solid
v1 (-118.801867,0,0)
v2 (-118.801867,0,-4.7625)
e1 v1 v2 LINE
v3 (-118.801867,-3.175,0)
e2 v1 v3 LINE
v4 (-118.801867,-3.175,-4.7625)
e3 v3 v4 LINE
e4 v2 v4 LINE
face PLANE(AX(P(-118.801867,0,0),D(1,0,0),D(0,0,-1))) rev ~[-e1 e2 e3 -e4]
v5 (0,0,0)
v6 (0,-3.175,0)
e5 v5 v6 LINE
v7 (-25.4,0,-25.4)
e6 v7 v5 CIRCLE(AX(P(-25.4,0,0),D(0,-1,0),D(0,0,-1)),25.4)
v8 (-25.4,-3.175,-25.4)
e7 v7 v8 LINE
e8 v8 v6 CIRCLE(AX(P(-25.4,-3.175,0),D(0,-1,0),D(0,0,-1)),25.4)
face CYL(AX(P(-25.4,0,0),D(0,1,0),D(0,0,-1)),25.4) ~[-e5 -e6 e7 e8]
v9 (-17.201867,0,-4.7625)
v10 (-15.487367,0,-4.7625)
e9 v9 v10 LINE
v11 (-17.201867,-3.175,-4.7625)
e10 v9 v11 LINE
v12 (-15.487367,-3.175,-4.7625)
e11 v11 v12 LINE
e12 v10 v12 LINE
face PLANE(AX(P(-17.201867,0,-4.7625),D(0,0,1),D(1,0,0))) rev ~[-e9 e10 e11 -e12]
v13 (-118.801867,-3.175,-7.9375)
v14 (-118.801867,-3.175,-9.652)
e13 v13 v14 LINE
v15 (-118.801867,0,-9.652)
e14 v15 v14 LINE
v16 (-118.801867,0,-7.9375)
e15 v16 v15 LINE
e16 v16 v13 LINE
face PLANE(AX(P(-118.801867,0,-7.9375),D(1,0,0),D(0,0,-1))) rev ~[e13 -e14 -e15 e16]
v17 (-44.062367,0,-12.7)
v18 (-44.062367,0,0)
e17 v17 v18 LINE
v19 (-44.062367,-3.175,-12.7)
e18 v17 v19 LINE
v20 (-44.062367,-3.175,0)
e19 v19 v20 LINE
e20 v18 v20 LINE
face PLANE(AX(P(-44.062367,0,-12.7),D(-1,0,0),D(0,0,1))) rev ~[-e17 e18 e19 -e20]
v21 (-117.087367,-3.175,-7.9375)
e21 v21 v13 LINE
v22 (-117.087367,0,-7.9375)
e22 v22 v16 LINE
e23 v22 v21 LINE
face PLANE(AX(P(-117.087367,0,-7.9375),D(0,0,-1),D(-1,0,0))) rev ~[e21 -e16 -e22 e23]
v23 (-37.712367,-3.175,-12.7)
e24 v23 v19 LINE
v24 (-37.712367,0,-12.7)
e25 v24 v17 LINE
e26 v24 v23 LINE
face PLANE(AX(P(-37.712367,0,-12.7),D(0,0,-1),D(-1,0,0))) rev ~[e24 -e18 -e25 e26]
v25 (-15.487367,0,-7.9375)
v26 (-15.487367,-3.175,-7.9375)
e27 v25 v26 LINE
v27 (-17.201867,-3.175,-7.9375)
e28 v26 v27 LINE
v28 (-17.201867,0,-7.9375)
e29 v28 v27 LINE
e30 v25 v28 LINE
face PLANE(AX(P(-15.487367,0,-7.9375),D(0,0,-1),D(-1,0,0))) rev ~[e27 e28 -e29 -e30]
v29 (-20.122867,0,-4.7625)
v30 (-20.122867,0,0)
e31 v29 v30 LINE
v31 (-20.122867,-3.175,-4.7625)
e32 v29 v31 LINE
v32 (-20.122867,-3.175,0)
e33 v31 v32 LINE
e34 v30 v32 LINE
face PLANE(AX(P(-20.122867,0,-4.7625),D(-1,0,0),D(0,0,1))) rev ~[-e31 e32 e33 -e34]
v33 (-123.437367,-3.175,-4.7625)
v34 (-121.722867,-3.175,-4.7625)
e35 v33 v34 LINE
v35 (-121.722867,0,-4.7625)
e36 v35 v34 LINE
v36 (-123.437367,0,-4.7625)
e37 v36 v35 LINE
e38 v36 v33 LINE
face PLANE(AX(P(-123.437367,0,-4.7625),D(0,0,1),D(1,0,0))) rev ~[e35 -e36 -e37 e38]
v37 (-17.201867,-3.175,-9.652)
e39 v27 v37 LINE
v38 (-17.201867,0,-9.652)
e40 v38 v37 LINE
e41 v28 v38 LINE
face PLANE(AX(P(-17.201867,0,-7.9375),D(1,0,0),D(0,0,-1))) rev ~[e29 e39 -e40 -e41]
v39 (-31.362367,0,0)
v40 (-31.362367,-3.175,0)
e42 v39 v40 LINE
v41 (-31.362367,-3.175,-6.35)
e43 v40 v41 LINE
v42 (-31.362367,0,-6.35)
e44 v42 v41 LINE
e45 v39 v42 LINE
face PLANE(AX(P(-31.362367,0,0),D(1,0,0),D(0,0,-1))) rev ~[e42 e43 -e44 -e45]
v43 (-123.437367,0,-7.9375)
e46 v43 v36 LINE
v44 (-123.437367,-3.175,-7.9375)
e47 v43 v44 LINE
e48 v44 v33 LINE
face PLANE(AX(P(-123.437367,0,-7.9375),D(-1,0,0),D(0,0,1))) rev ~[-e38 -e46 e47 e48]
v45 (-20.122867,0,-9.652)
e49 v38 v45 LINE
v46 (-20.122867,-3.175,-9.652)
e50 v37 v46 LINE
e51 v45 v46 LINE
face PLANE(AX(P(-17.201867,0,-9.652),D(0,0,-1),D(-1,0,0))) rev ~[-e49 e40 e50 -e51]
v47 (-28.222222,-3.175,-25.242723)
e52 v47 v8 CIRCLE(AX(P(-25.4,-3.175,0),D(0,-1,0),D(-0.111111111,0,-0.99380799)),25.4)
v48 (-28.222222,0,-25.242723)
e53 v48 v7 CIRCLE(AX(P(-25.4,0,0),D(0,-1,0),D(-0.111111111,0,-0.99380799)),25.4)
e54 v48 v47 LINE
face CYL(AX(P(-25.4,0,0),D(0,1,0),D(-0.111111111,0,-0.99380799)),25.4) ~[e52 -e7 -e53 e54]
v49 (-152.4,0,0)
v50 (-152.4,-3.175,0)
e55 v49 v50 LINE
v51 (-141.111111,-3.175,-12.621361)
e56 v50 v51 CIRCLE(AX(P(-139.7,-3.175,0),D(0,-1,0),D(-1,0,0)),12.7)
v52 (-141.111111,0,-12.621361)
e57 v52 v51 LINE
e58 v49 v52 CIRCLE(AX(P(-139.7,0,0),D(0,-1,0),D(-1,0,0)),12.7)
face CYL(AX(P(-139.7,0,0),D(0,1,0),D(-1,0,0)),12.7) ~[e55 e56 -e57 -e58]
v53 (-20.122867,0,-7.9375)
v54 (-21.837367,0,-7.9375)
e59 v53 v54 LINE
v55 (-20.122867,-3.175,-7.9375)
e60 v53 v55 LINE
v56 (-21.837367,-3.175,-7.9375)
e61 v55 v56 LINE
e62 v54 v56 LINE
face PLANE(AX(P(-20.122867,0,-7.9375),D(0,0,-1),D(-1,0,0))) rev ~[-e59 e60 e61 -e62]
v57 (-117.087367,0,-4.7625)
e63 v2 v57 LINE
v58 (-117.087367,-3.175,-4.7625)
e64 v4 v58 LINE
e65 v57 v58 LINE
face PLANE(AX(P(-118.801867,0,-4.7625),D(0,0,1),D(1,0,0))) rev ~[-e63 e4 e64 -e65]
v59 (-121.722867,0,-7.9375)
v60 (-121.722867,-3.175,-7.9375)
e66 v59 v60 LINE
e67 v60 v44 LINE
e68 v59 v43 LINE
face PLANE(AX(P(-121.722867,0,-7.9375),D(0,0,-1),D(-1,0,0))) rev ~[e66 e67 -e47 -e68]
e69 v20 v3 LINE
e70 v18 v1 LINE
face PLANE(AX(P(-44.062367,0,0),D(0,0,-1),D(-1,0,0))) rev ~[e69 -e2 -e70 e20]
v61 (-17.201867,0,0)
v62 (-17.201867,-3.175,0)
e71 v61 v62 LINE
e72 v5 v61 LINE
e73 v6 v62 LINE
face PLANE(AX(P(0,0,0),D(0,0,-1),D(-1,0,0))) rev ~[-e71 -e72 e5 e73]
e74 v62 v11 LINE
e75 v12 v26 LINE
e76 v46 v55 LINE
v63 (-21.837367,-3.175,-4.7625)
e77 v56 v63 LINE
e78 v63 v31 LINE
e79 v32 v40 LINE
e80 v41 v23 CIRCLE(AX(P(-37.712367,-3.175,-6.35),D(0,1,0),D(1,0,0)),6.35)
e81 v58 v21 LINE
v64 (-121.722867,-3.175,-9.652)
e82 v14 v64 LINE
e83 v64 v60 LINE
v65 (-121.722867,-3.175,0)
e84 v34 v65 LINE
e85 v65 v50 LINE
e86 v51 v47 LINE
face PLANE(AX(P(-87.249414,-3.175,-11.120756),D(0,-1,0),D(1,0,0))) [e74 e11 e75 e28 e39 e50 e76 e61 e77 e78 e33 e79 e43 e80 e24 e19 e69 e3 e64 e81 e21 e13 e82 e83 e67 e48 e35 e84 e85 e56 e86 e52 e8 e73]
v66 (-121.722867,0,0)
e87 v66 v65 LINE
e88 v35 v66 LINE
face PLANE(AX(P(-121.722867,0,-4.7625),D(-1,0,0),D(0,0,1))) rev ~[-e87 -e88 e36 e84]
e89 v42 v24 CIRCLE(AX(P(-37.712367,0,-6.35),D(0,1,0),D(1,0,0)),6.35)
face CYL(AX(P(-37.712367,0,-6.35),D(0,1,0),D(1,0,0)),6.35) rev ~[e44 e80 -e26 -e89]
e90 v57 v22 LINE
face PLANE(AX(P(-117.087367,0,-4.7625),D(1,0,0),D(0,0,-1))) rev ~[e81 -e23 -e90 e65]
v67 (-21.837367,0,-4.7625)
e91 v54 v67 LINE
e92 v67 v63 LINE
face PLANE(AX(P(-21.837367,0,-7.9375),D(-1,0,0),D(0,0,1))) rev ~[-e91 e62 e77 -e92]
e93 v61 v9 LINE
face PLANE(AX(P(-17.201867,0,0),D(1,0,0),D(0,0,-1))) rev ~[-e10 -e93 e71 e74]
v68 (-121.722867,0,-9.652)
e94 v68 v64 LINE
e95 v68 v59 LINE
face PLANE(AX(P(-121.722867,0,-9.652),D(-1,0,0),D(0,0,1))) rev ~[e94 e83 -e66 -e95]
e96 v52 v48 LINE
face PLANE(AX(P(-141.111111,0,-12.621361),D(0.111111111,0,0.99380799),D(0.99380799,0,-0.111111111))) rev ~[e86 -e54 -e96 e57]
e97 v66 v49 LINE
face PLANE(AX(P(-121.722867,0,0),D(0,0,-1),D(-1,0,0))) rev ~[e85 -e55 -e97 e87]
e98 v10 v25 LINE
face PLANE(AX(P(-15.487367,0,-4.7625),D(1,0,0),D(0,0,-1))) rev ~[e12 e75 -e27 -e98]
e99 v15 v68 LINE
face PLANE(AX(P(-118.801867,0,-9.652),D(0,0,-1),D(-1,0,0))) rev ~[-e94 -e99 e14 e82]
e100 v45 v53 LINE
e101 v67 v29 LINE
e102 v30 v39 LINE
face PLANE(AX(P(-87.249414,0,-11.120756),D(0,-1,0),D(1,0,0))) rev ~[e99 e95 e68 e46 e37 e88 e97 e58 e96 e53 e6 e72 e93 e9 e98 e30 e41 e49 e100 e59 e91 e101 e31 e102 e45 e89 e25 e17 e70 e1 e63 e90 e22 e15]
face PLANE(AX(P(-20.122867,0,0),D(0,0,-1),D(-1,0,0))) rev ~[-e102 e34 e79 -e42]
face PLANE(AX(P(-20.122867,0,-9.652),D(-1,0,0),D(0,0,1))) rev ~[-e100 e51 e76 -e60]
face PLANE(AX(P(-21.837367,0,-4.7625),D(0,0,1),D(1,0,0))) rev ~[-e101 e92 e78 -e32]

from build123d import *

# Parameters (mm, degrees)
F0_W     = 6.35
F0_H     = 3.175
F1_DEPTH = 3.175


with BuildPart() as f1:
    # F0 (on Front) → F1 (new body)
    with BuildSketch(Plane.XZ):
        with BuildLine():
            ThreePointArc((-28.2222222222, -25.242722946), (-44.3320422095, -16.9333333333), (-50.8, 0))
            Line((-50.8, 0), (-118.8018673797, 0))
            Line((-118.8018673797, 0), (-118.8018673797, -4.7625))
            Line((-118.8018673797, -4.7625), (-117.0873673797, -4.7625))
            Line((-117.0873673797, -4.7625), (-117.0873673797, -7.9375))
            Line((-117.0873673797, -7.9375), (-118.8018673797, -7.9375))
            Line((-118.8018673797, -7.9375), (-118.8018673797, -9.652))
            Line((-118.8018673797, -9.652), (-121.7228673797, -9.652))
            Line((-121.7228673797, -9.652), (-121.7228673797, -7.9375))
            Line((-121.7228673797, -7.9375), (-123.4373673797, -7.9375))
            Line((-123.4373673797, -7.9375), (-123.4373673797, -4.7625))
            Line((-123.4373673797, -4.7625), (-121.7228673797, -4.7625))
            Line((-121.7228673797, -4.7625), (-121.7228673797, 0))
            Line((-121.7228673797, 0), (-127, 0))
            ThreePointArc((-127, 0), (-131.2333333333, -9.4660211047), (-141.1111111111, -12.621361473))
            Line((-141.1111111111, -12.621361473), (-28.2222222222, -25.242722946))
        make_face()
        with Locations((-87.5789447389, -6.35)):
            Rectangle(F0_W, F0_H, mode=Mode.SUBTRACT)
        with Locations((-87.5789447389, -6.35)):
            Rectangle(F0_W, F0_H)
        with BuildLine():
            ThreePointArc((-28.2222222222, -25.242722946), (-26.8133006, -25.3606502561), (-25.4, -25.4))
            Line((-25.4, -25.4), (-25.4, 0))
            Line((-25.4, 0), (-31.3623673797, 0))
            Line((-31.3623673797, 0), (-31.3623673797, -6.35))
            Line((-31.3623673797, -6.35), (-31.3623673797, -12.7))
            Line((-31.3623673797, -12.7), (-37.7123673797, -12.7))
            Line((-37.7123673797, -12.7), (-44.0623673797, -12.7))
            Line((-44.0623673797, -12.7), (-44.0623673797, -6.35))
            Line((-44.0623673797, -6.35), (-44.0623673797, 0))
            Line((-44.0623673797, 0), (-50.8, 0))
            ThreePointArc((-50.8, 0), (-44.3320422095, -16.9333333333), (-28.2222222222, -25.242722946))
        make_face()
        with BuildLine():
            Line((-31.3623673797, -12.7), (-31.3623673797, -6.35))
            ThreePointArc((-31.3623673797, -6.35), (-33.2222393191, -10.8401280605), (-37.7123673797, -12.7))
            Line((-37.7123673797, -12.7), (-31.3623673797, -12.7))
        make_face()
        with BuildLine():
            ThreePointArc((-25.4, -25.4), (-7.4394877579, -17.9605122421), (0, 0))
            Line((0, 0), (-17.2018673797, 0))
            Line((-17.2018673797, 0), (-17.2018673797, -4.7625))
            Line((-17.2018673797, -4.7625), (-15.4873673797, -4.7625))
            Line((-15.4873673797, -4.7625), (-15.4873673797, -7.9375))
            Line((-15.4873673797, -7.9375), (-17.2018673797, -7.9375))
            Line((-17.2018673797, -7.9375), (-17.2018673797, -9.652))
            Line((-17.2018673797, -9.652), (-20.1228673797, -9.652))
            Line((-20.1228673797, -9.652), (-20.1228673797, -7.9375))
            Line((-20.1228673797, -7.9375), (-21.8373673797, -7.9375))
            Line((-21.8373673797, -7.9375), (-21.8373673797, -4.7625))
            Line((-21.8373673797, -4.7625), (-20.1228673797, -4.7625))
            Line((-20.1228673797, -4.7625), (-20.1228673797, 0))
            Line((-20.1228673797, 0), (-25.4, 0))
            Line((-25.4, 0), (-25.4, -25.4))
        make_face()
        with BuildLine():
            ThreePointArc((-152.4, 0), (-149.1660211047, -8.4666666667), (-141.1111111111, -12.621361473))
            ThreePointArc((-141.1111111111, -12.621361473), (-131.2333333333, -9.4660211047), (-127, 0))
            Line((-127, 0), (-152.4, 0))
        make_face()
    extrude(amount=F1_DEPTH)


solid = f1.part
